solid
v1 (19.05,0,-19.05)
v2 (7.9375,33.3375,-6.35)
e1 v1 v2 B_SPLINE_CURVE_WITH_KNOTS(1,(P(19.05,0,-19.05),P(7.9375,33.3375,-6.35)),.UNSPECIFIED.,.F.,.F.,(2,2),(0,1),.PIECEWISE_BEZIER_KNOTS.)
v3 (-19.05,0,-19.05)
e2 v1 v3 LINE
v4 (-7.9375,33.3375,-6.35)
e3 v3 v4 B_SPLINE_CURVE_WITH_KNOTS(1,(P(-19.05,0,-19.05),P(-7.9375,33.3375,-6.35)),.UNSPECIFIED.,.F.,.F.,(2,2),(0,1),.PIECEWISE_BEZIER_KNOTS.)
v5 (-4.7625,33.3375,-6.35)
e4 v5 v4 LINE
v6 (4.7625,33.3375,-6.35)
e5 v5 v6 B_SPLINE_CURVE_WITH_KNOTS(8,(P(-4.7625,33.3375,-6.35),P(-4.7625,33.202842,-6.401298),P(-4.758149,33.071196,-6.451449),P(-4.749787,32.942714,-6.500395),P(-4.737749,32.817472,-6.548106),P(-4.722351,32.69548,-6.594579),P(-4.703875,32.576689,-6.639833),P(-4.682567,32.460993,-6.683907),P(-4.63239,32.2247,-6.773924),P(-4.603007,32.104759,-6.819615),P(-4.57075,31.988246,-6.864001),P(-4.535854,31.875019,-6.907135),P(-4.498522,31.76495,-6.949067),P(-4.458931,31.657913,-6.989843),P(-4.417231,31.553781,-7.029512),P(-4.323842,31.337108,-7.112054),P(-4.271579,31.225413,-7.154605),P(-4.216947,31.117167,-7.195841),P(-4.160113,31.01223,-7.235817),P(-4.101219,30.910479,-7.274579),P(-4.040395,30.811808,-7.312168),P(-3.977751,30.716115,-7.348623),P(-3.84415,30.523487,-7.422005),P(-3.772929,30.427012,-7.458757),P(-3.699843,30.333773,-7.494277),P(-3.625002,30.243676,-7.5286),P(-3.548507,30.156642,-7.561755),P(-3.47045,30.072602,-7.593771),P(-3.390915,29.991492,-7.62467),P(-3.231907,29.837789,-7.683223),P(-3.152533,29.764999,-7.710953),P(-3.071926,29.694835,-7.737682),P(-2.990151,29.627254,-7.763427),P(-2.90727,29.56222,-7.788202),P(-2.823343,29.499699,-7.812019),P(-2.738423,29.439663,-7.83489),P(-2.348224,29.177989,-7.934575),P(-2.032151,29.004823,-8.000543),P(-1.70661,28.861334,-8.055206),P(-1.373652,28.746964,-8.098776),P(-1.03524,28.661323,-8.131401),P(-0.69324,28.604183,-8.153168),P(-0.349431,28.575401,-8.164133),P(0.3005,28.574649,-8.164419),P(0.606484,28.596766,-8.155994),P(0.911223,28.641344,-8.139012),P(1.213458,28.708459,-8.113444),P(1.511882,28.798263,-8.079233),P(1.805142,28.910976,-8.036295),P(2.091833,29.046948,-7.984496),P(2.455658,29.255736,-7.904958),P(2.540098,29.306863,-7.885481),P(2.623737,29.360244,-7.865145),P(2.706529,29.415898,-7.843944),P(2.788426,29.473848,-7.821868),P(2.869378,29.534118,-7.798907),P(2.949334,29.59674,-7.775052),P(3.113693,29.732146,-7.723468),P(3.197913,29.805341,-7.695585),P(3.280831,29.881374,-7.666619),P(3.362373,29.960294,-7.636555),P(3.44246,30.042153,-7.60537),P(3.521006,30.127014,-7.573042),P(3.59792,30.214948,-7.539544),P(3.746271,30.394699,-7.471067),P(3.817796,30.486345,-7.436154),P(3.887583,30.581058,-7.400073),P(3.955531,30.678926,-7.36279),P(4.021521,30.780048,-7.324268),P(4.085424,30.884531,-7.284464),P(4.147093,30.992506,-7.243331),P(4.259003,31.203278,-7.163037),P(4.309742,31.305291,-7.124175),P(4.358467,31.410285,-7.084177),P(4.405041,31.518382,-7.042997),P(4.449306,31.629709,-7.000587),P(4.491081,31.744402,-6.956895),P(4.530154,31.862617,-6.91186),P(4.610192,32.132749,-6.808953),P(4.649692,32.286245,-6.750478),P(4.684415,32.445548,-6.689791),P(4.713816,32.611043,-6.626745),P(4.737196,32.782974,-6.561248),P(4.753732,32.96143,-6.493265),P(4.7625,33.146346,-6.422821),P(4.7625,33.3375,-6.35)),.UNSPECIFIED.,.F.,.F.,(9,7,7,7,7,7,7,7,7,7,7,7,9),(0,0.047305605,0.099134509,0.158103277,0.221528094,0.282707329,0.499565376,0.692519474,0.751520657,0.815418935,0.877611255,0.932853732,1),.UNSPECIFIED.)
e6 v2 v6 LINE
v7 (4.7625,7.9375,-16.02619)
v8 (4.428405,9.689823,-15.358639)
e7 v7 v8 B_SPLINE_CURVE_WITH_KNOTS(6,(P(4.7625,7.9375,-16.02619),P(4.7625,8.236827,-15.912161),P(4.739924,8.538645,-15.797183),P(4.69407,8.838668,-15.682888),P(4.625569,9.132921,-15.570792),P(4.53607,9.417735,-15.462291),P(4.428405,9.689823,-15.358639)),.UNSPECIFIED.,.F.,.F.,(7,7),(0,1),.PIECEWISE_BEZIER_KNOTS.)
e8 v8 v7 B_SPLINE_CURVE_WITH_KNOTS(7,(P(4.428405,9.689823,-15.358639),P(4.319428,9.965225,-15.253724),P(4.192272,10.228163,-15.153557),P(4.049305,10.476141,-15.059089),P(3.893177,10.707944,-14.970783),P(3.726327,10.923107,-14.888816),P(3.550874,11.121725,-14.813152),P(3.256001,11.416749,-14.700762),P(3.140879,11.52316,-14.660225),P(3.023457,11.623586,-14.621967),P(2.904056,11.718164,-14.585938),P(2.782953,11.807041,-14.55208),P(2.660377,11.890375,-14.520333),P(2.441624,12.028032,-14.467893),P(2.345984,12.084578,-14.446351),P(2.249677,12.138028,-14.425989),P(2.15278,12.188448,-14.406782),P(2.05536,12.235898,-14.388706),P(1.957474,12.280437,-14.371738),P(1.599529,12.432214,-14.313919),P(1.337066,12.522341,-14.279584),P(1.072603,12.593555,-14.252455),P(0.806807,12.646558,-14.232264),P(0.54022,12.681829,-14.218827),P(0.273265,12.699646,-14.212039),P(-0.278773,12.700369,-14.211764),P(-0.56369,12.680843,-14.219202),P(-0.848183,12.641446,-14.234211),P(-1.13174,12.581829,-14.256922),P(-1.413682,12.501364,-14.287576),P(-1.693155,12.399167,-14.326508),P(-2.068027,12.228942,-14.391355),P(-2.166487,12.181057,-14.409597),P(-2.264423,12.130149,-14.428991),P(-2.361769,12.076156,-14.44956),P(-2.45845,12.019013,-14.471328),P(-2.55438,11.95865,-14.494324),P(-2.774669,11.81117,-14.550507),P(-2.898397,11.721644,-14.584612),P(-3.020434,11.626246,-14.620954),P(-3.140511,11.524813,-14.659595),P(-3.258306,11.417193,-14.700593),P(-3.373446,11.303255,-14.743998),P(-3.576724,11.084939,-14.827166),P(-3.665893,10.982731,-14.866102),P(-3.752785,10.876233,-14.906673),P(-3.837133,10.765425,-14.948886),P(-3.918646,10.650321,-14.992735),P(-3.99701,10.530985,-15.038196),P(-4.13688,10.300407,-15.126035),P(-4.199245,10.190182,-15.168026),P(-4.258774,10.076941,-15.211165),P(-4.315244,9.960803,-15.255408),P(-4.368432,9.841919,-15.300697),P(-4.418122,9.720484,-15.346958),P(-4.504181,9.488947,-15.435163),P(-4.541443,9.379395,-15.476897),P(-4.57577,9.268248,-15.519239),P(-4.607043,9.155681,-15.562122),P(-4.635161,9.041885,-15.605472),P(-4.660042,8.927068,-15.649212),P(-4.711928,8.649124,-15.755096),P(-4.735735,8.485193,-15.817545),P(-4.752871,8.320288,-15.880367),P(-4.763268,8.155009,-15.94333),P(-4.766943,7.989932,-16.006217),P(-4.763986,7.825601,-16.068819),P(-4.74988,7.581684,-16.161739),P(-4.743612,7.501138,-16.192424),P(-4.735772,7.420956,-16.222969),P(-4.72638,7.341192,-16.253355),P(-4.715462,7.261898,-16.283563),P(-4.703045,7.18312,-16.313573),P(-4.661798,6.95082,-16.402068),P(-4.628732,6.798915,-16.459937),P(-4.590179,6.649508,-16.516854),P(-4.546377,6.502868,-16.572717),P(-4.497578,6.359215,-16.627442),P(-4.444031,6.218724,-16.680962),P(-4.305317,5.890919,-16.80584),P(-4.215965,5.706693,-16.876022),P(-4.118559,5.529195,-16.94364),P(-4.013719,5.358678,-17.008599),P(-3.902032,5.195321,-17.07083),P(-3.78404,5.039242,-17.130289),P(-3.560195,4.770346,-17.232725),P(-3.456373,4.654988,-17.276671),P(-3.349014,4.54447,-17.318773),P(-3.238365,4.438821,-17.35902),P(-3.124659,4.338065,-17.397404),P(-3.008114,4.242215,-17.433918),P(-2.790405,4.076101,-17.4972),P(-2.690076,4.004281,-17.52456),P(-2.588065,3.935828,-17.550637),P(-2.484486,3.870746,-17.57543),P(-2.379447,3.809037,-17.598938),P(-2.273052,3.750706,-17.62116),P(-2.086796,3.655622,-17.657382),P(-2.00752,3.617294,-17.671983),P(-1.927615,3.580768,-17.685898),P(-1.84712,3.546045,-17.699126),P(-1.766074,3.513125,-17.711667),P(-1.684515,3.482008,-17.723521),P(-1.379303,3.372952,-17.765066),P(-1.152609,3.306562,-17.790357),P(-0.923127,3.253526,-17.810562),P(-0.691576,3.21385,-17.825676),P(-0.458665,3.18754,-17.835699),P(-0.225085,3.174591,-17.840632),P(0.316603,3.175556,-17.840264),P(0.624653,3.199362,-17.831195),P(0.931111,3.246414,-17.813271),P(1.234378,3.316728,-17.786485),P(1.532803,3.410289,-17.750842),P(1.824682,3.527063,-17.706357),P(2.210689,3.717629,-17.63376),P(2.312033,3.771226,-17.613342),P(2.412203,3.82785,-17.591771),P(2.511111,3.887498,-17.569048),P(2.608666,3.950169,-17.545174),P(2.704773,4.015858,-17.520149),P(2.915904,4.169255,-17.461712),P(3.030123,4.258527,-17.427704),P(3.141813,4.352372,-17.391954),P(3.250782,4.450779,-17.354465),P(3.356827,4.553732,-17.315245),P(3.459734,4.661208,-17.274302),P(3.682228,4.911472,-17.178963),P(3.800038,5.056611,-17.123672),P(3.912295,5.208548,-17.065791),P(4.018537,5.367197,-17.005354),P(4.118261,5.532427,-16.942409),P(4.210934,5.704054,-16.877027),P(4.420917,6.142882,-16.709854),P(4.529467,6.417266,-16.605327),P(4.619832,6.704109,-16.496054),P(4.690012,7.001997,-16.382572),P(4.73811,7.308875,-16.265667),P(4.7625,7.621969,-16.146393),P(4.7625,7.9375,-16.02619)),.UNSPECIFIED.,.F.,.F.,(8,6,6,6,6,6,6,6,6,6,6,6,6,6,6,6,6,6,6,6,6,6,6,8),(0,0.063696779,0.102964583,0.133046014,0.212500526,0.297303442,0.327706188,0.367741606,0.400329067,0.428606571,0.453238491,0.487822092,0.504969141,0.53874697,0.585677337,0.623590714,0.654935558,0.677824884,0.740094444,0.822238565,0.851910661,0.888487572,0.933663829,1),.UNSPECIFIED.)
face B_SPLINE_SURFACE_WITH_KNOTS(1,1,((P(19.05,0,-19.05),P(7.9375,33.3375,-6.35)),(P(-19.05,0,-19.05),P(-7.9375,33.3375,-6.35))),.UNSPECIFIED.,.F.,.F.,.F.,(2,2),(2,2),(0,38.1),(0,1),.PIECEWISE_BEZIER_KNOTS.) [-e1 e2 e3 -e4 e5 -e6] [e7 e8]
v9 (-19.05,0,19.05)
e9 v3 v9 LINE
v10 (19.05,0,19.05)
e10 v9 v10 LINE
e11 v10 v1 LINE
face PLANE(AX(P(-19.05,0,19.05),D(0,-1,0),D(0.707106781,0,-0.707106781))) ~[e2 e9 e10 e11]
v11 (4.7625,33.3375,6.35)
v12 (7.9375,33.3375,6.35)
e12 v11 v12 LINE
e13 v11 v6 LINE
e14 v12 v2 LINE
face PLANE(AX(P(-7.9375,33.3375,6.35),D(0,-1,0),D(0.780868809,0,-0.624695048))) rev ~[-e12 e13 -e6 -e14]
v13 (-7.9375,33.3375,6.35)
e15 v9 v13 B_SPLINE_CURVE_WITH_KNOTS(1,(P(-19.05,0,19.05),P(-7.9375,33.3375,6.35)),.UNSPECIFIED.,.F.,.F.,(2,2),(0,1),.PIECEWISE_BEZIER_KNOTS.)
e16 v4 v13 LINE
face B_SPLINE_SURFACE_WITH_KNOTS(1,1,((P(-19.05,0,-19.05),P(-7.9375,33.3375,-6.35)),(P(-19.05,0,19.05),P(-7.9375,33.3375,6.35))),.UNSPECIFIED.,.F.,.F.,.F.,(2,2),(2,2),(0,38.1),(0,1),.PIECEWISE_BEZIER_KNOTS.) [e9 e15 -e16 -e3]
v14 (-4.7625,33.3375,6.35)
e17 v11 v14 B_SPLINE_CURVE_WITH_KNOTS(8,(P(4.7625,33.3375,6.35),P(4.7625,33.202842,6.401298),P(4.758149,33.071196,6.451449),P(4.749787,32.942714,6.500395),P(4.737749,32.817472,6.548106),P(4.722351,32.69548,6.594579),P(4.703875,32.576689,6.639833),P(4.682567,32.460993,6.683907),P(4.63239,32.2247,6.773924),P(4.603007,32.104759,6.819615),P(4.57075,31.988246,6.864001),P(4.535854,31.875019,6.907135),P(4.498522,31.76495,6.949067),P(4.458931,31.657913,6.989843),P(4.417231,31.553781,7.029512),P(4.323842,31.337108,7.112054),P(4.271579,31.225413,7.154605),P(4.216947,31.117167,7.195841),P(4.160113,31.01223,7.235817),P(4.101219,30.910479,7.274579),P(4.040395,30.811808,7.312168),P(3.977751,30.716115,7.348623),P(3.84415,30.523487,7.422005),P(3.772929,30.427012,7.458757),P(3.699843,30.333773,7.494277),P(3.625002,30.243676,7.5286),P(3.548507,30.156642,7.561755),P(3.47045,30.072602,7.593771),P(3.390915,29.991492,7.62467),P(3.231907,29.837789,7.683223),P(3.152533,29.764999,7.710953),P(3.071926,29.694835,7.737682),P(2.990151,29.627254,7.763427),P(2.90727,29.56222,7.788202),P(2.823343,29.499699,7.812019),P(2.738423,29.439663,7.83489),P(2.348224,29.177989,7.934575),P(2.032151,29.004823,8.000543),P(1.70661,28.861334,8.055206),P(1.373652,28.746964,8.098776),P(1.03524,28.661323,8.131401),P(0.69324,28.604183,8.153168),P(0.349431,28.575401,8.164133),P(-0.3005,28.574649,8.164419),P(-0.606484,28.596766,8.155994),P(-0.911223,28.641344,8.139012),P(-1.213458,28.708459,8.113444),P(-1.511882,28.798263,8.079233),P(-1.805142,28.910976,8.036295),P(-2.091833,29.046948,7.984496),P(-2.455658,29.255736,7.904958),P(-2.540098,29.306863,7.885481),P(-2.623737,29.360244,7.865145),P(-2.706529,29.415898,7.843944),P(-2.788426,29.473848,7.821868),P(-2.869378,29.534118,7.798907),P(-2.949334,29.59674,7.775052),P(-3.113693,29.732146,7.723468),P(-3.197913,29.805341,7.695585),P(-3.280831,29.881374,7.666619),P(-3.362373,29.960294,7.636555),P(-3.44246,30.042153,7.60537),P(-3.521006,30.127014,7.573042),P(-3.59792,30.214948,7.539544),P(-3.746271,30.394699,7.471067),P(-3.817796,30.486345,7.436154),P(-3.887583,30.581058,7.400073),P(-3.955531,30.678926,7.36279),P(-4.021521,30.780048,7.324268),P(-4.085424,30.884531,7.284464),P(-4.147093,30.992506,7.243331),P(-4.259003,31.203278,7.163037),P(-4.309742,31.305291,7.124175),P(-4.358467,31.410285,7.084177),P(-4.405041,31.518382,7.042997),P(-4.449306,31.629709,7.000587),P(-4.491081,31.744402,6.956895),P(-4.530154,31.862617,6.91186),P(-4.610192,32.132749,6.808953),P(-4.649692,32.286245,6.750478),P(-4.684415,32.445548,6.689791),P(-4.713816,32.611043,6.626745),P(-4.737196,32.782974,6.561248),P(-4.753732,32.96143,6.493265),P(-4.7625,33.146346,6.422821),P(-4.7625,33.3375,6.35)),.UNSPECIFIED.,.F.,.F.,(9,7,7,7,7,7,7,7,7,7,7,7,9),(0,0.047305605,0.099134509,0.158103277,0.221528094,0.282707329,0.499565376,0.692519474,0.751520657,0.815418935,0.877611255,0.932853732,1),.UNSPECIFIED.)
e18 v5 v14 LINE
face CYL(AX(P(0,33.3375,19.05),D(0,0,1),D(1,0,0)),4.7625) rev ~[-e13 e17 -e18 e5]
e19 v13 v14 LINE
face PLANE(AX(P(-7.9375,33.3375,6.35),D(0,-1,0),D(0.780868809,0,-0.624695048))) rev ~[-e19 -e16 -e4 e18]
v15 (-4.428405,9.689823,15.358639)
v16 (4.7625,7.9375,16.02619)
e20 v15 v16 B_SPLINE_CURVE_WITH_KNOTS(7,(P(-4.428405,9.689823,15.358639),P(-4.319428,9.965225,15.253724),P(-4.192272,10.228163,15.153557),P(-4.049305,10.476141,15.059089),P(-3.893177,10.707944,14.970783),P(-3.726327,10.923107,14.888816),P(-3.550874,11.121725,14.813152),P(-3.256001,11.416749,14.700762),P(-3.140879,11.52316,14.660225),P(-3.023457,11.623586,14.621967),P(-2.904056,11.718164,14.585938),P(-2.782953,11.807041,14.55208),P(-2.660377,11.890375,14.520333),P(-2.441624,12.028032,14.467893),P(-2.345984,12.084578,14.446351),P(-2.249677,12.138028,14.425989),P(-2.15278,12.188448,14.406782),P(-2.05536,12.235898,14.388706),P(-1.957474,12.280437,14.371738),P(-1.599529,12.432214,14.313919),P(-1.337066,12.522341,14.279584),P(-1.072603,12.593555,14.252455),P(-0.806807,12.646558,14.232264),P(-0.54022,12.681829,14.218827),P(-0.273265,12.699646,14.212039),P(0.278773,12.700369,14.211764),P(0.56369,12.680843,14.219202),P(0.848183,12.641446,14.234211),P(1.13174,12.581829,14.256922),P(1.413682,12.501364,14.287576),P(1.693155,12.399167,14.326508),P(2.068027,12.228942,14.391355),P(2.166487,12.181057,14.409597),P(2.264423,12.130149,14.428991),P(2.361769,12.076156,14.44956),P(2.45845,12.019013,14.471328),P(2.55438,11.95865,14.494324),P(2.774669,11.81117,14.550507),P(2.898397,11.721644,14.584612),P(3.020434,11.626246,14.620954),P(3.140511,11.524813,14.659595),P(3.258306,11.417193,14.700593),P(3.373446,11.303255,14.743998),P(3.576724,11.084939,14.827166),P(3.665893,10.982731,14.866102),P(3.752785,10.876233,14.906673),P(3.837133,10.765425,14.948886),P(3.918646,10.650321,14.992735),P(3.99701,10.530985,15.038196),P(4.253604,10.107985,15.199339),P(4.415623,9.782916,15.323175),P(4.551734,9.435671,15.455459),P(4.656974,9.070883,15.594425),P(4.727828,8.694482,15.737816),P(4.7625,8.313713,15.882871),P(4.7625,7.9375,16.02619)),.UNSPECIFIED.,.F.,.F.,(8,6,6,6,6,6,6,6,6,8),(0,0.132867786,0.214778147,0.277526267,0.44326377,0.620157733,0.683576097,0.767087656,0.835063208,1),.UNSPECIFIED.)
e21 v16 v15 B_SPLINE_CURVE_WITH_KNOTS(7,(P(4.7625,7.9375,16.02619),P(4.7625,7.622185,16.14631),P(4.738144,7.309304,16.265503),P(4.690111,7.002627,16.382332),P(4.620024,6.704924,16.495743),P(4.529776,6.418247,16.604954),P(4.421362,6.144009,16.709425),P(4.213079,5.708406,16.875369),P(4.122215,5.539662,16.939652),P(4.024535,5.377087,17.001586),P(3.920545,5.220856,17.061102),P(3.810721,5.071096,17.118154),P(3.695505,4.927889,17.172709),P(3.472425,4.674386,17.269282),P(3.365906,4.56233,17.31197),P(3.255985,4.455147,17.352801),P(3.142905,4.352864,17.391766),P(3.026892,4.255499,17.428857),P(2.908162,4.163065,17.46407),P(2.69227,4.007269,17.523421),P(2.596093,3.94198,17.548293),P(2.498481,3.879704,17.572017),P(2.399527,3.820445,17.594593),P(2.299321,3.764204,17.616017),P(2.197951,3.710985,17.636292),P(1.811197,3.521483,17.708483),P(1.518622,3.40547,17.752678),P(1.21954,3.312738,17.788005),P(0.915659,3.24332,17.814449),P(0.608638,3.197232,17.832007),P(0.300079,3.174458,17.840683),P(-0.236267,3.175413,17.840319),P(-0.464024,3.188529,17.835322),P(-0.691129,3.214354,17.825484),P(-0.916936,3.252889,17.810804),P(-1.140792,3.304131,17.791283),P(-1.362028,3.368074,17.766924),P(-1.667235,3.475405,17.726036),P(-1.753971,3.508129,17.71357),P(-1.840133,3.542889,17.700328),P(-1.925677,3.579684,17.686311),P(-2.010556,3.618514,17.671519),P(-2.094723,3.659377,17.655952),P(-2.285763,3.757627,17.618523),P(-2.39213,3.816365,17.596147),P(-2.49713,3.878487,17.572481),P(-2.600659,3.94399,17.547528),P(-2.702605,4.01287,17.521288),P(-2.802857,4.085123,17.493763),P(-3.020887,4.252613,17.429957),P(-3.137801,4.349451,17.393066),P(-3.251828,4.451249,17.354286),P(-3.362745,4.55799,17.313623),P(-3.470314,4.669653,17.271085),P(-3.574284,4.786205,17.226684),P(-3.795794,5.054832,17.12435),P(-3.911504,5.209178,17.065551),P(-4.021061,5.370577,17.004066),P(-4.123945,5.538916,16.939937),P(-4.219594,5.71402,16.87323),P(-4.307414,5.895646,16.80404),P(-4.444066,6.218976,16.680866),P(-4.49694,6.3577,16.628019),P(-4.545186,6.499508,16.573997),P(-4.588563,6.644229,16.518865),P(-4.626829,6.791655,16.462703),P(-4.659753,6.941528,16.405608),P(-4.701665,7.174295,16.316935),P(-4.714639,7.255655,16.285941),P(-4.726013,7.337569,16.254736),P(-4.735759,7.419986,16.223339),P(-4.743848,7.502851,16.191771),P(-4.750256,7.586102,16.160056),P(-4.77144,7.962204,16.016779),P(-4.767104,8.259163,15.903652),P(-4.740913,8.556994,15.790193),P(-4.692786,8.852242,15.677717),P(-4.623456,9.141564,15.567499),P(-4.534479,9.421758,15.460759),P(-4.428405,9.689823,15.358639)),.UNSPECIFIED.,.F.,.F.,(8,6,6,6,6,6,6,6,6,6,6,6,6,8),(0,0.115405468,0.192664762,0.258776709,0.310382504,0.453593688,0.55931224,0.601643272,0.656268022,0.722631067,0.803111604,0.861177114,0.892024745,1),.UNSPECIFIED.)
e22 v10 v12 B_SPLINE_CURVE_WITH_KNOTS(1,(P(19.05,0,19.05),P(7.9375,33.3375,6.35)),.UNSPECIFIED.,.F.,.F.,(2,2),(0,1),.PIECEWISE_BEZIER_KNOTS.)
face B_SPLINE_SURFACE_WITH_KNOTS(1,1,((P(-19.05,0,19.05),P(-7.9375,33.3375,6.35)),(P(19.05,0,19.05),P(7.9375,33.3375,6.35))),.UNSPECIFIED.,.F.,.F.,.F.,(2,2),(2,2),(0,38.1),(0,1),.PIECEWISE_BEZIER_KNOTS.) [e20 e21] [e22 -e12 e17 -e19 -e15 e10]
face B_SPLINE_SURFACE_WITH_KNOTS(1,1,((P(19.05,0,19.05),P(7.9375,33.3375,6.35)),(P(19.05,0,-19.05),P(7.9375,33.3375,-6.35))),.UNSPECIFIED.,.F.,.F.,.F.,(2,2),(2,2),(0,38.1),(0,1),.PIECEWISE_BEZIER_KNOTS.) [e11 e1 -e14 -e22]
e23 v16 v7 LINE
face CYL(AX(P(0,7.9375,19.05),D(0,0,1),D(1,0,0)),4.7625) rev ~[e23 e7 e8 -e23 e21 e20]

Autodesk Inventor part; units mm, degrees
ref_plane "YZ Plane" through (0, 0, 0) normal (1, 0, 0) x (0, 1, 0)
sketch "Sketch2" plane through (0, 0, 0) normal (0, 1, 0) x (-1, 0, 0)
  line L0 (-19.05, 19.05) -> (-19.05, -19.05)
  line L1 (-19.05, -19.05) -> (19.05, -19.05)
  line L2 (19.05, -19.05) -> (19.05, 19.05)
  line L3 (19.05, 19.05) -> (-19.05, 19.05)
  line L4 (-19.05, 19.05) -> (19.05, -19.05) construction
  line L5 (-19.05, -19.05) -> (19.05, 19.05) construction
  point P0 (0, 0)
  dimension "d2" = 38.1
  dimension "d3" = 38.1
ref_plane "Work Plane1" through (0, 33.3375, 0) normal (0, 1, 0) x (-1, 0, 0)
sketch "Sketch3" plane through (0, 33.3375, 0) normal (0, 1, 0) x (-1, 0, 0)
  line L0 (-7.9375, 6.35) -> (-7.9375, -6.35)
  line L1 (-7.9375, -6.35) -> (7.9375, -6.35)
  line L2 (7.9375, -6.35) -> (7.9375, 6.35)
  line L3 (7.9375, 6.35) -> (-7.9375, 6.35)
  line L4 (-7.9375, 6.35) -> (7.9375, -6.35) construction
  line L5 (-7.9375, -6.35) -> (7.9375, 6.35) construction
  point P0 (0, 0)
  dimension "d5" = 15.875
  dimension "d6" = 12.7
loft "Loft1" add profiles "Sketch2", "Sketch3"
ref_plane "Work Plane2" through (19.05, 0, 19.05) normal (0, 0, 1) x (1, 0, 0)
sketch "Sketch5" plane through (19.05, 0, 19.05) normal (0, 0, 1) x (1, 0, 0)
  line L0 (-19.05, 0) -> (-19.05, 33.3375) construction
  line L1 (-26.9875, 33.3375) -> (-11.1125, 33.3375) construction
  circle A0 centre (-19.05, 33.3375) radius 4.7625
  circle A1 centre (-19.05, 7.9375) radius 4.7625
  dimension "d17" = 9.525
  dimension "d19" = 7.9375
  dimension "d20" = 9.525
  dimension "d21" = 25.4
extrude "Extrusion2" cut sketch "Sketch5" against normal through all
sketch "Sketch6" plane through (0, 33.3375, 0) normal (0, 1, 0) x (-1, 0, 0)
  point P0 (0, 0)
equation "\"d2\" = baseWidth"
equation "\"d3\" = baseDepth"
equation "\"d5\" = baseForTopHoleWidth"
equation "\"d6\" = baseForTopHoleDepth"
equation "\"d17\" = topHoleDiam"
equation "\"d19\" = bottomHoleCenterHeight"
equation "\"d20\" = bottomHoleDiam"
equation "\"d21\" = deltaBetweenHoles"
equation "\"materialSupportWidth\" = 3.175"
equation "\"baseWidth\" = 38.1"
equation "\"baseDepth\" = 38.1"
equation "\"bottomHoleDiam\" = 9.525"
equation "\"bottomHoleRadius\" = 0.5 * bottomHoleDiam"
equation "\"washerDiam\" = 13.97"
equation "\"depthForSocketHead\" = 6.35"
equation "\"edgeToBoltHole\" = -0.5 * bottomHoleDiam + 0.5 * baseWidth"
equation "\"topHoleDiam\" = bottomHoleDiam"
equation "\"topHoleRadius\" = 0.5 * topHoleDiam"
equation "\"deltaBetweenHoles\" = 25.4"
equation "\"baseForTopHoleWidth\" = bottomHoleDiam + 2 * materialSupportWidth"
equation "\"baseForTopHoleDepth\" = 12.7"
equation "\"bottomHoleCenterHeight\" = 0.5 * bottomHoleDiam + materialSupportWidth"
equation "\"baseForTopHoleHeight\" = topHoleRadius + bottomHoleCenterHeight + deltaBetweenHoles + materialSupportWidth"
equation "\"topOfPyramid\" = deltaBetweenHoles + bottomHoleCenterHeight"
equation "\"d4\" = topOfPyramid"
properties part number "twoHoleWriteSupport"
